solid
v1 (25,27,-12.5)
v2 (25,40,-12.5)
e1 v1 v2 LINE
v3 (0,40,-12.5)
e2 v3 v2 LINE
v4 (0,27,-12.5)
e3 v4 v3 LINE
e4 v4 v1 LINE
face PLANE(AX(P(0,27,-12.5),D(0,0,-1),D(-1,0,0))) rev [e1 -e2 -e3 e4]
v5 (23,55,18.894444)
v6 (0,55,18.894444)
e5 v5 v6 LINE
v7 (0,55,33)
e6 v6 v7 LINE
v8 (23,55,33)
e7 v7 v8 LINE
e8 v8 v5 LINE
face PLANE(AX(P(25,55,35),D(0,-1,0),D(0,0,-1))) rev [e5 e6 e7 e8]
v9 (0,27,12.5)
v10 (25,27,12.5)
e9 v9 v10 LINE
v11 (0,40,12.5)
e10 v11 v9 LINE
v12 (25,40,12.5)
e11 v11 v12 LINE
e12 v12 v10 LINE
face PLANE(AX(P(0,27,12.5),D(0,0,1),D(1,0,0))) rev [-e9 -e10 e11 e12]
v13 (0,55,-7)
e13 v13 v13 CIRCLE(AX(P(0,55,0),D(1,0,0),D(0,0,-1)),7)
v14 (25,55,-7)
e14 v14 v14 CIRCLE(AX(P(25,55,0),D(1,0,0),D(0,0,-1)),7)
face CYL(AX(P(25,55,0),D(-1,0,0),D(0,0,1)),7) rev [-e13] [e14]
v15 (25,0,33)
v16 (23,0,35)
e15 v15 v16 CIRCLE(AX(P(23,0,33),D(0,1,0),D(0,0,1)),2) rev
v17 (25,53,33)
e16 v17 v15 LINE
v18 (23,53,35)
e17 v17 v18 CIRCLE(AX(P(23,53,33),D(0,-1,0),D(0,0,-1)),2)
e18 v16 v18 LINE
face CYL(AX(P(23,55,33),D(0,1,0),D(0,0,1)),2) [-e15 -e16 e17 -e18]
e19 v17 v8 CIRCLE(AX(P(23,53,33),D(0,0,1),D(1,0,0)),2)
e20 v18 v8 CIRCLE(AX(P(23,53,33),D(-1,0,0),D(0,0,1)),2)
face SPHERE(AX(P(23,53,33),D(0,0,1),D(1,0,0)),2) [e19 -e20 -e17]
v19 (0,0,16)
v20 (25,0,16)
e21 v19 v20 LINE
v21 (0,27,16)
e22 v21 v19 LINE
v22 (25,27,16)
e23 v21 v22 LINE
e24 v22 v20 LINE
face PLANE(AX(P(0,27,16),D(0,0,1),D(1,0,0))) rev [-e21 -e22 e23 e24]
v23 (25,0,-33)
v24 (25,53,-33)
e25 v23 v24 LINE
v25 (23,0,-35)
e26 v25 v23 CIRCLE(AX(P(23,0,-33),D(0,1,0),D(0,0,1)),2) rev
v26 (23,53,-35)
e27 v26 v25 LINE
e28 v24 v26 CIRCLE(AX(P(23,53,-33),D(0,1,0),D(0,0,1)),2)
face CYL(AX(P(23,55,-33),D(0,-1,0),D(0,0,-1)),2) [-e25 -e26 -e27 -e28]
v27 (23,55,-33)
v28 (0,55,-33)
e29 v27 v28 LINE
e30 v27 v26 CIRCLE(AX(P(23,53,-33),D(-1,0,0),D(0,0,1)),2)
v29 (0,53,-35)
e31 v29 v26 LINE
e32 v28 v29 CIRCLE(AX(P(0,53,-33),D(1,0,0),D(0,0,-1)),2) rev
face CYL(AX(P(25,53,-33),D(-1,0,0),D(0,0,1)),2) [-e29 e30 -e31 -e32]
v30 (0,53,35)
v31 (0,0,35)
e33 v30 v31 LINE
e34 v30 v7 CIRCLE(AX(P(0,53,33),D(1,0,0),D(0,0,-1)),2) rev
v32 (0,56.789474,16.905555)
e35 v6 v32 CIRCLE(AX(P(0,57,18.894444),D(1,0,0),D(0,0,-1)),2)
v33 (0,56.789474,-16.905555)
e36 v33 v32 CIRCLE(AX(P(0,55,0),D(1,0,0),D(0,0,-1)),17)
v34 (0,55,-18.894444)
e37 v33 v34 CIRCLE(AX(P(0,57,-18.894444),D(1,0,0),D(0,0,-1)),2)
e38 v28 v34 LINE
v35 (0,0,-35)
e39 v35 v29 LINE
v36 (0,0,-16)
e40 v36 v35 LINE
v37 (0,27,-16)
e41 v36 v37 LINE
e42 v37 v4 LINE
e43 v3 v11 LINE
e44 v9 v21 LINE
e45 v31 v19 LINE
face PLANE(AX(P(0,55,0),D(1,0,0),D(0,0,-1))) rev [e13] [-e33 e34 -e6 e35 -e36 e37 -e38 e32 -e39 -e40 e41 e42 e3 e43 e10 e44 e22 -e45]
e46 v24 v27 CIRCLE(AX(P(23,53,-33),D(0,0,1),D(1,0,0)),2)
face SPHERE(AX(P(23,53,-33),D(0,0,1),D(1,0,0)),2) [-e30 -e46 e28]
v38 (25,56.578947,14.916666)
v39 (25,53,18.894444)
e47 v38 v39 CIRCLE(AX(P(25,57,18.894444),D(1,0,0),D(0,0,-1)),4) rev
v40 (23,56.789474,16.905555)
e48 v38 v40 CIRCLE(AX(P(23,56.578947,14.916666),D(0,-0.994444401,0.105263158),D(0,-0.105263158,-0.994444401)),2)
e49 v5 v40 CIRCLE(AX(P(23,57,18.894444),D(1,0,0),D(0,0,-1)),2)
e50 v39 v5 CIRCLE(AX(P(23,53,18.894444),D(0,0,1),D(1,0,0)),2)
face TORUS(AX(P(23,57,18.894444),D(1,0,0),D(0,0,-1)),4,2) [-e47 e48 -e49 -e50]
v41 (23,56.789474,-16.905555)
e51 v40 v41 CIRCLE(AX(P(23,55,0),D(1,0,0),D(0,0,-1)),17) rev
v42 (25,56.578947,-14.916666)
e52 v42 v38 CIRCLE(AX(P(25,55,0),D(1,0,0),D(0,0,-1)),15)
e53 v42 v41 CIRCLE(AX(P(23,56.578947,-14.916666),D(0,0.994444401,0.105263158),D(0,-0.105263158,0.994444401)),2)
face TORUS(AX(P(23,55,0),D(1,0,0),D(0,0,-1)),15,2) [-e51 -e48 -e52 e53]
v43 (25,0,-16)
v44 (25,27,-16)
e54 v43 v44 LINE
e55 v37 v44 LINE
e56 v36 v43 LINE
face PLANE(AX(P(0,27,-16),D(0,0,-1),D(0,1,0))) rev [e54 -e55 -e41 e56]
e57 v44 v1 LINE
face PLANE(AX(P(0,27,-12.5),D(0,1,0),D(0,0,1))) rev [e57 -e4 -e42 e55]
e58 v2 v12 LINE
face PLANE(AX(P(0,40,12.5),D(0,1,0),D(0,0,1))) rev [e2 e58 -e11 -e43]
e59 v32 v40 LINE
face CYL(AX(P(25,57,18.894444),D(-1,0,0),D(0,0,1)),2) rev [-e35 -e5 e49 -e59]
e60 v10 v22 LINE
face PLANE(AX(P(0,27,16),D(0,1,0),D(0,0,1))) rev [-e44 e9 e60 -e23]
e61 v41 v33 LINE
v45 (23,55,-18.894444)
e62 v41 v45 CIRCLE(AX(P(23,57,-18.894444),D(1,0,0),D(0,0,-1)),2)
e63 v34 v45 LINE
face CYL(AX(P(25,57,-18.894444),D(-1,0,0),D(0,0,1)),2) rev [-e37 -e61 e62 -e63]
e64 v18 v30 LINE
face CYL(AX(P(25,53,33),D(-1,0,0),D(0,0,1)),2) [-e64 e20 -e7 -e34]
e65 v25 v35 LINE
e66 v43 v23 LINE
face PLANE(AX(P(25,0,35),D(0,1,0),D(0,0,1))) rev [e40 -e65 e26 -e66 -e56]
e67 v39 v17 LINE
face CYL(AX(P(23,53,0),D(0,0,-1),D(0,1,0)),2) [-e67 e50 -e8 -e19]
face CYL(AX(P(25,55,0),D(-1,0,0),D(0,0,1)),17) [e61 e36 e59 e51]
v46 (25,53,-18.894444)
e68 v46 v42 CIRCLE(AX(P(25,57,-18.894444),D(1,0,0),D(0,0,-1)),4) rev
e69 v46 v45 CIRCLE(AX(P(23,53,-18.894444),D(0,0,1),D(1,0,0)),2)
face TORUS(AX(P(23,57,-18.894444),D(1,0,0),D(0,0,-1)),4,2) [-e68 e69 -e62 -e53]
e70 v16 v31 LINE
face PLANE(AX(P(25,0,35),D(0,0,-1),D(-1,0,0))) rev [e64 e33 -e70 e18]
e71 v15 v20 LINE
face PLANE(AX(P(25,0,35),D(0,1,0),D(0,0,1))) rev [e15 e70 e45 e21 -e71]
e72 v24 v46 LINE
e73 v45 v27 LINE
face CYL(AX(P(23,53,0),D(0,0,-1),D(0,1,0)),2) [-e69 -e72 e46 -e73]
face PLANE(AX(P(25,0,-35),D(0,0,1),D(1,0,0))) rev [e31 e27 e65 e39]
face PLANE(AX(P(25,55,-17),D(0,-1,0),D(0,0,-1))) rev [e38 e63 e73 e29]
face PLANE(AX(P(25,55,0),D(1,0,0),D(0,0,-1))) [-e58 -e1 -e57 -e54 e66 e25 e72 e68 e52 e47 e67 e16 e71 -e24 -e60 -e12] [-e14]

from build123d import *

# Parameters (mm, degrees)
SKETCH1_R           = 7
BOSS_EXTRUDE1_DEPTH = 25
CUT_EXTRUDE1_DEPTH  = 84.868945385
FILLET1_R           = 2
FILLET2_R           = 2


with BuildPart() as part:
    # Sketch1 → Boss-Extrude1 (new body)
    with BuildSketch(Plane(origin=(0, 0, 0), x_dir=(0, 0, -1), z_dir=(1, 0, 0))):
        with BuildLine():
            Line((17, 55), (35, 55))
            Line((35, 55), (35, 0))
            Line((35, 0), (-35, 0))
            Line((-35, 0), (-35, 55))
            Line((-35, 55), (-17, 55))
            ThreePointArc((-17, 55), (0, 72), (17, 55))
        make_face()
        with Locations((0, 55)):
            Circle(SKETCH1_R, mode=Mode.SUBTRACT)
    extrude(amount=BOSS_EXTRUDE1_DEPTH)

    # Sketch2 → Cut-Extrude1 (cut, through all)
    with BuildSketch(Plane(origin=(25, 0, 0), x_dir=(0, 0, -1), z_dir=(1, 0, 0))):
        Polygon((-16, 27), (-12.5, 27), (-12.5, 40), (12.5, 40), (12.5, 27), (16, 27), (16, 0), (-16, 0), align=None)
    extrude(amount=-CUT_EXTRUDE1_DEPTH, mode=Mode.SUBTRACT)

    # Fillet1
    fillet1_edges = [part.edges().sort_by_distance(p)[0] for p in [
        (12.5, 55, 35),
        (12.5, 55, 17),
        (12.5, 55, -17),
        (12.5, 55, -35),
    ]]
    fillet(fillet1_edges, radius=FILLET1_R)

    # Fillet2
    fillet2_edges = [part.edges().sort_by_distance(p)[0] for p in [
        (25, 26.5, -35),
        (25, 55, -25.947221814),
        (25, 72, 0),
        (25, 55, 25.947221814),
        (25, 26.5, 35),
        (25, 54.414213562, 34.414213562),
        (25, 54.414213562, -34.414213562),
        (25, 55.513216117, -17.55673152),
        (25, 55.513216117, 17.55673152),
    ]]
    fillet(fillet2_edges, radius=FILLET2_R)


solid = part.part
